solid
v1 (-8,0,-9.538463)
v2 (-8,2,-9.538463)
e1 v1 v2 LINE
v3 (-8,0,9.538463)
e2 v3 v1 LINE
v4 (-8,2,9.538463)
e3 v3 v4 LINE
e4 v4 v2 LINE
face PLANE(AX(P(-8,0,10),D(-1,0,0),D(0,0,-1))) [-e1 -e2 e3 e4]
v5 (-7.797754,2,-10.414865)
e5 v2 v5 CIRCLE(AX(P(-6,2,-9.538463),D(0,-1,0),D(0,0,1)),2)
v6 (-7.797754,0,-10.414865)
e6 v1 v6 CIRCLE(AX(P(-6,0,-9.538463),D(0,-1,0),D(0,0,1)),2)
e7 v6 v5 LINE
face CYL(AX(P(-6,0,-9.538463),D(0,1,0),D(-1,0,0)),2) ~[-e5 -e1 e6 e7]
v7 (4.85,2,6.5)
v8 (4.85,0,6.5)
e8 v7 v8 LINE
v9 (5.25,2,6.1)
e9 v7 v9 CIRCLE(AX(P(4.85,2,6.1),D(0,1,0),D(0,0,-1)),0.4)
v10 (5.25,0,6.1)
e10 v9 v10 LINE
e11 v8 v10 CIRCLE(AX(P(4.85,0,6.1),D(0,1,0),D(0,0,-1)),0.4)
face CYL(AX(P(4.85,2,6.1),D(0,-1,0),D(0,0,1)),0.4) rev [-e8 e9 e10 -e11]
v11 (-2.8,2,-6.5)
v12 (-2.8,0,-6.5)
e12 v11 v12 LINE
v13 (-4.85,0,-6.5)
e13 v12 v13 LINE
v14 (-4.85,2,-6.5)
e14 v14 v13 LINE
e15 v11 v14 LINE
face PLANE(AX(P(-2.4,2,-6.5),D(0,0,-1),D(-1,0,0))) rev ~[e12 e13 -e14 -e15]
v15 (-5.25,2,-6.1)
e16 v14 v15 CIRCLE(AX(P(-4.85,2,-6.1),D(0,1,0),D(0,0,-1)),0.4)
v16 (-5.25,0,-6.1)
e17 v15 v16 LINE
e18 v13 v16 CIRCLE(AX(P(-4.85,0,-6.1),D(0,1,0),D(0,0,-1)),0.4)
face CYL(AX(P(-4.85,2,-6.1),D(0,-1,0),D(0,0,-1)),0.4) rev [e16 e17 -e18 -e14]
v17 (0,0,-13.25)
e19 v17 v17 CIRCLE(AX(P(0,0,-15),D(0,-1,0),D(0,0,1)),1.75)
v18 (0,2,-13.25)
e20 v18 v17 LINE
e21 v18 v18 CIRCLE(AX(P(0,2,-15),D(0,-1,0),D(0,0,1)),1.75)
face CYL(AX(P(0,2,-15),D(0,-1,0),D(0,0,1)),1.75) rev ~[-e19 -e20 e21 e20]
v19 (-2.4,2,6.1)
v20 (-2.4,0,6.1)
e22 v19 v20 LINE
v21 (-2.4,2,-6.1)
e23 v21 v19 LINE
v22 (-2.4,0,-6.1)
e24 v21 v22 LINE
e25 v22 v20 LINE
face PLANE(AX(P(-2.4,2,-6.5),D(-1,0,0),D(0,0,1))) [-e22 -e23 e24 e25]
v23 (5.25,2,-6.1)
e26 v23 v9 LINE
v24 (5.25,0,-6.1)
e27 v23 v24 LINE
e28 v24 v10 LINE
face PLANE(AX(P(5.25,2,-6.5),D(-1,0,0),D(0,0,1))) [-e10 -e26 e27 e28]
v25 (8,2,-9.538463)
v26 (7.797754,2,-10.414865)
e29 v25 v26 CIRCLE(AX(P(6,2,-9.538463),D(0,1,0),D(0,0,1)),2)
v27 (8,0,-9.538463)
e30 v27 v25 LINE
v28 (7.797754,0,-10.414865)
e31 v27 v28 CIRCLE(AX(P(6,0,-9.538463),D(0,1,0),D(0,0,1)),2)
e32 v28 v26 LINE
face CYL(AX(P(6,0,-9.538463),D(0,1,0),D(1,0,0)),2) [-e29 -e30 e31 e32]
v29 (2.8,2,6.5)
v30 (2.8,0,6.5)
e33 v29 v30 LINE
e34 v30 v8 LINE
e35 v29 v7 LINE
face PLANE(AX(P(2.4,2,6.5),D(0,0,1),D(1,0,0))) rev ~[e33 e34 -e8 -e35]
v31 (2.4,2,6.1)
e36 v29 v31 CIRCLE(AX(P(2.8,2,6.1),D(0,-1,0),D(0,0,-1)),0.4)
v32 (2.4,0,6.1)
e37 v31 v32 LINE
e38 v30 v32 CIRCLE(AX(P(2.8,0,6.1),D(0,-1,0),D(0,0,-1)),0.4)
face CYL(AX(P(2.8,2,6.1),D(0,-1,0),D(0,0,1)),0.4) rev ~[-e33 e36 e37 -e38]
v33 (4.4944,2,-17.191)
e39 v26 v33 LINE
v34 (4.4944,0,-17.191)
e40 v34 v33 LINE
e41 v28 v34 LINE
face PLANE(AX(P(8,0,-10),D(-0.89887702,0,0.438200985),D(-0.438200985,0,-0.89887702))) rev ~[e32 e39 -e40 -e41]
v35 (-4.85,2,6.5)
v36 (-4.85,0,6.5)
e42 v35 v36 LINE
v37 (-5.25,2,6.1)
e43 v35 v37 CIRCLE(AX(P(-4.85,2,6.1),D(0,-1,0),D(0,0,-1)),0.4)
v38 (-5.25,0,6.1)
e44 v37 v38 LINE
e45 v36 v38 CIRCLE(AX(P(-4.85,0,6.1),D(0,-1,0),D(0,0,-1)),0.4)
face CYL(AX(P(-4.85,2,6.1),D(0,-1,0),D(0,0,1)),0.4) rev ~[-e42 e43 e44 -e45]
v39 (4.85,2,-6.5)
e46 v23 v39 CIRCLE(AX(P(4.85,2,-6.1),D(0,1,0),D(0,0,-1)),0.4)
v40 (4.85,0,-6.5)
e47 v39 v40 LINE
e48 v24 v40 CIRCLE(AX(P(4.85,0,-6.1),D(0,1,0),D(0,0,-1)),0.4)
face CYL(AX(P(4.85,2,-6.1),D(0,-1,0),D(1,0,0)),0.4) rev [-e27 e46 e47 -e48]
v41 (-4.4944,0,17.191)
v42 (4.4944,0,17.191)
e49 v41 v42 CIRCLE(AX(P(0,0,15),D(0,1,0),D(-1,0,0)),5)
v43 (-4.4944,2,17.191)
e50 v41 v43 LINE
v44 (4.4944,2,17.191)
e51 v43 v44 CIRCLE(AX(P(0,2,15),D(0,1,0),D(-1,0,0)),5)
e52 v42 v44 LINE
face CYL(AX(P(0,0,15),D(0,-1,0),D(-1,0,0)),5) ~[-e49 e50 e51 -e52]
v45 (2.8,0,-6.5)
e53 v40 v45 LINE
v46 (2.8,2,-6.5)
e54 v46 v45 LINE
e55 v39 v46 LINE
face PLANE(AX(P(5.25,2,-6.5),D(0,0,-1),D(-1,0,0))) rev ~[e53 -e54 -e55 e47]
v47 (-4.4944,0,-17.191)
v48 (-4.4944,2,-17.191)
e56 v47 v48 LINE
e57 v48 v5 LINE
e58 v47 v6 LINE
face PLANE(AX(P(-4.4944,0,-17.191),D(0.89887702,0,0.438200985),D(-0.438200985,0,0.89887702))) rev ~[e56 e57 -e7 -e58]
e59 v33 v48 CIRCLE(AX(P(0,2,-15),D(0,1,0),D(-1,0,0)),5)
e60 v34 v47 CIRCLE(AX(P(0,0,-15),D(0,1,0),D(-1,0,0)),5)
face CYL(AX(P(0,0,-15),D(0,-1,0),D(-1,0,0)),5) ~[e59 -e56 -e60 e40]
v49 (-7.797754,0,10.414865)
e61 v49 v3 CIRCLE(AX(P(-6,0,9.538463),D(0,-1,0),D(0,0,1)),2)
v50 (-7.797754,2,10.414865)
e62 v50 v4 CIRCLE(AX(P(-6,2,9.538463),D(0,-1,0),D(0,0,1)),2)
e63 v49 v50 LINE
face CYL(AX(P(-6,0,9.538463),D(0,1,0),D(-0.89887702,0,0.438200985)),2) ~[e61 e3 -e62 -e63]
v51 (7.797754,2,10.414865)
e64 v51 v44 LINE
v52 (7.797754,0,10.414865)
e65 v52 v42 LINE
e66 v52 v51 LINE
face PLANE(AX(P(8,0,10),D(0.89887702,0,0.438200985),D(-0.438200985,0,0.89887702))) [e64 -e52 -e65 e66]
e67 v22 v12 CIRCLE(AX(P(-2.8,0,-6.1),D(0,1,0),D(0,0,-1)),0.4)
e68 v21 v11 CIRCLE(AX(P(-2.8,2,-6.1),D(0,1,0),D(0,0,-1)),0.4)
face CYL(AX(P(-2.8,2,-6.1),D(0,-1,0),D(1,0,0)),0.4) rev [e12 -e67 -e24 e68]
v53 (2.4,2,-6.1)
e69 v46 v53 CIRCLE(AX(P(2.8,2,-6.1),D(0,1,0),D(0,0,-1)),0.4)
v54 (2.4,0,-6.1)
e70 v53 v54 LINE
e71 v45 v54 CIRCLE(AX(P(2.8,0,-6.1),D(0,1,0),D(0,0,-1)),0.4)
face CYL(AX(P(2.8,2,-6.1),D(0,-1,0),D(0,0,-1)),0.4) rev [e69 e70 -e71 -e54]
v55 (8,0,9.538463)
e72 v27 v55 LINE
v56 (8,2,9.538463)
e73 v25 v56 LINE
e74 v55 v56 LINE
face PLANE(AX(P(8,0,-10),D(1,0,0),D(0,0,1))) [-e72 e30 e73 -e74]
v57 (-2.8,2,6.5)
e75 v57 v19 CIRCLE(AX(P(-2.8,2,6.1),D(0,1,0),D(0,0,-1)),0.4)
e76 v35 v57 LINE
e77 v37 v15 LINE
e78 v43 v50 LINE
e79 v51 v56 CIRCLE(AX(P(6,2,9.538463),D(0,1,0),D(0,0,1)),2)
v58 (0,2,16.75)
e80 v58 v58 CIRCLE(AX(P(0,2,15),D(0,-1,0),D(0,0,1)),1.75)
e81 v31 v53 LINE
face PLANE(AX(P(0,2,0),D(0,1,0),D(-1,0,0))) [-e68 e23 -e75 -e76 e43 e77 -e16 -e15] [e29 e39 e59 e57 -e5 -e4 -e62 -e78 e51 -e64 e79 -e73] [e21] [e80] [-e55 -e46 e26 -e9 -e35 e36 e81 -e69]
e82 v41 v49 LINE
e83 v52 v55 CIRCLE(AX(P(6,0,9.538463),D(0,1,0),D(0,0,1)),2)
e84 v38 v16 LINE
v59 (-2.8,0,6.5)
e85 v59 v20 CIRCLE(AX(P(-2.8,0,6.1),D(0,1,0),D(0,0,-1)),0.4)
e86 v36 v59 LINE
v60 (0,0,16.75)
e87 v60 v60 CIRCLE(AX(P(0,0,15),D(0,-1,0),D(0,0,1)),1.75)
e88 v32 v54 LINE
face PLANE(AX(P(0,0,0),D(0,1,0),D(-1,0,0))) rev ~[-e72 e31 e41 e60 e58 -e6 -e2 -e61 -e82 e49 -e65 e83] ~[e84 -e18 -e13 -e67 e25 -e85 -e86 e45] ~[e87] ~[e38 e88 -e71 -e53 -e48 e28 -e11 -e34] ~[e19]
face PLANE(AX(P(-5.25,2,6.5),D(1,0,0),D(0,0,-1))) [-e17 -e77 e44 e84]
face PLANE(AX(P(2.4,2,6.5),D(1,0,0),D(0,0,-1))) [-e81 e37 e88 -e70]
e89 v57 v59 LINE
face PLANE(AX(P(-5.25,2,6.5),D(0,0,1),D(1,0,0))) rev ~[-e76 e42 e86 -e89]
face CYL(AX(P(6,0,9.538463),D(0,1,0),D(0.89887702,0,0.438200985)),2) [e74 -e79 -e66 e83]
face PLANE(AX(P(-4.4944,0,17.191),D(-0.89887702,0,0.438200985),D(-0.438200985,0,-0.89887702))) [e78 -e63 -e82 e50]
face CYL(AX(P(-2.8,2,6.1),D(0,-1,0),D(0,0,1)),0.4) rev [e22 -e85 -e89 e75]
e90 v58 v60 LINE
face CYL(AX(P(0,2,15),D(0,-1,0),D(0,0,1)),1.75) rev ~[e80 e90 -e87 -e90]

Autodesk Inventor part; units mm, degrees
ref_plane "YZ Plane" through (0, 0, 0) normal (1, 0, 0) x (0, 1, 0)
ref_plane "XZ Plane" through (0, 0, 0) normal (0, 1, 0) x (-1, 0, 0)
ref_plane "XY Plane" through (0, 0, 0) normal (0, 0, 1) x (1, 0, 0)
sketch "スケッチ1" plane through (0, 0, 0) normal (0, 1, 0) x (-1, 0, 0)
  line L0 (-8, 10) -> (8, 10)
  line L1 (8, 10) -> (8, -10)
  line L2 (8, -10) -> (-8, -10)
  line L3 (-8, -10) -> (-8, 10)
  line L4 (-8, 10) -> (8, -10) construction
  line L5 (8, 10) -> (-8, -10) construction
  circle A0 centre (0, 15) radius 5
  circle A1 centre (0, -15) radius 5
  line L6 (4.4944, 17.191) -> (8, 10)
  line L7 (-8, 10) -> (-4.4944, 17.191)
  line L8 (4.4944, -17.191) -> (8, -10)
  line L9 (-8, -10) -> (-4.4944, -17.191)
  point P0 (0, 0)
  dimension "d0" = 16
  dimension "d1" = 20
  dimension "d2" = 10
  dimension "d3" = 10
extrude "押し出し1" add sketch "スケッチ1" along normal blind 2
sketch "スケッチ4" plane through (0, 2, 0) normal (0, 1, 0) x (1, 0, 0)
  arc A0 (-4.4944, -17.191) -> (4.4944, -17.191) centre (0, -15) ccw projected
  arc A1 (4.4944, 17.191) -> (-4.4944, 17.191) centre (0, 15) ccw projected
  point P0 (0, 0)
hole "穴1" at (0, 2, 15) at (0, 2, -15) direction (0, -1, 0) diameter 3.5 end through all
fillet "フィレット1" radius 2 4 edges at (8, 1, 10) (8, 1, -10) (-8, 1, -10) (-8, 1, 10)
sketch "スケッチ5" plane through (0, 2, 0) normal (0, 1, 0) x (1, 0, 0)
  line L0 (8, -9.5385) -> (8, 9.5385) projected
  line L1 (-8, -6.5) -> (8, -6.5)
  line L2 (8, -6.5) -> (8, 6.5)
  line L3 (8, 6.5) -> (-8, 6.5)
  line L4 (-8, 6.5) -> (-8, -6.5)
  line L5 (-8, -6.5) -> (8, 6.5) construction
  line L6 (8, -6.5) -> (-8, 6.5) construction
  line L7 (-2.4, -6.5) -> (2.4, -6.5)
  line L8 (2.4, -6.5) -> (2.4, 6.5)
  line L9 (2.4, 6.5) -> (-2.4, 6.5)
  line L10 (-2.4, 6.5) -> (-2.4, -6.5)
  line L11 (-2.4, -6.5) -> (2.4, 6.5) construction
  line L12 (2.4, -6.5) -> (-2.4, 6.5) construction
  line L13 (-8, 9.5385) -> (-8, -9.5385) projected
  line L14 (5.25, -6.5) -> (-5.25, -6.5)
  line L15 (-5.25, -6.5) -> (-5.25, 6.5)
  line L16 (-5.25, 6.5) -> (5.25, 6.5)
  line L17 (5.25, 6.5) -> (5.25, -6.5)
  line L18 (5.25, -6.5) -> (-5.25, 6.5) construction
  line L19 (-5.25, -6.5) -> (5.25, 6.5) construction
  point P0 (0, 0)
  dimension "d28" = 13
  dimension "d29" = 4.8
  dimension "d33" = 10.5
extrude "押し出し4" cut sketch "スケッチ5" against normal through all contours L1 L8 L3 L17 | L1 L15 L3 L10
fillet "フィレット2" radius 0.4 8 edges at (-2.4, 1, 6.5) (2.4, 1, 6.5) (2.4, 1, -6.5) (-2.4, 1, -6.5) (-5.25, 1, 6.5) (-5.25, 1, -6.5) (5.25, 1, -6.5) (5.25, 1, 6.5)
equation "\"d3\" = d2"
properties part number "3D_bno055_bottom_3D プリント"
